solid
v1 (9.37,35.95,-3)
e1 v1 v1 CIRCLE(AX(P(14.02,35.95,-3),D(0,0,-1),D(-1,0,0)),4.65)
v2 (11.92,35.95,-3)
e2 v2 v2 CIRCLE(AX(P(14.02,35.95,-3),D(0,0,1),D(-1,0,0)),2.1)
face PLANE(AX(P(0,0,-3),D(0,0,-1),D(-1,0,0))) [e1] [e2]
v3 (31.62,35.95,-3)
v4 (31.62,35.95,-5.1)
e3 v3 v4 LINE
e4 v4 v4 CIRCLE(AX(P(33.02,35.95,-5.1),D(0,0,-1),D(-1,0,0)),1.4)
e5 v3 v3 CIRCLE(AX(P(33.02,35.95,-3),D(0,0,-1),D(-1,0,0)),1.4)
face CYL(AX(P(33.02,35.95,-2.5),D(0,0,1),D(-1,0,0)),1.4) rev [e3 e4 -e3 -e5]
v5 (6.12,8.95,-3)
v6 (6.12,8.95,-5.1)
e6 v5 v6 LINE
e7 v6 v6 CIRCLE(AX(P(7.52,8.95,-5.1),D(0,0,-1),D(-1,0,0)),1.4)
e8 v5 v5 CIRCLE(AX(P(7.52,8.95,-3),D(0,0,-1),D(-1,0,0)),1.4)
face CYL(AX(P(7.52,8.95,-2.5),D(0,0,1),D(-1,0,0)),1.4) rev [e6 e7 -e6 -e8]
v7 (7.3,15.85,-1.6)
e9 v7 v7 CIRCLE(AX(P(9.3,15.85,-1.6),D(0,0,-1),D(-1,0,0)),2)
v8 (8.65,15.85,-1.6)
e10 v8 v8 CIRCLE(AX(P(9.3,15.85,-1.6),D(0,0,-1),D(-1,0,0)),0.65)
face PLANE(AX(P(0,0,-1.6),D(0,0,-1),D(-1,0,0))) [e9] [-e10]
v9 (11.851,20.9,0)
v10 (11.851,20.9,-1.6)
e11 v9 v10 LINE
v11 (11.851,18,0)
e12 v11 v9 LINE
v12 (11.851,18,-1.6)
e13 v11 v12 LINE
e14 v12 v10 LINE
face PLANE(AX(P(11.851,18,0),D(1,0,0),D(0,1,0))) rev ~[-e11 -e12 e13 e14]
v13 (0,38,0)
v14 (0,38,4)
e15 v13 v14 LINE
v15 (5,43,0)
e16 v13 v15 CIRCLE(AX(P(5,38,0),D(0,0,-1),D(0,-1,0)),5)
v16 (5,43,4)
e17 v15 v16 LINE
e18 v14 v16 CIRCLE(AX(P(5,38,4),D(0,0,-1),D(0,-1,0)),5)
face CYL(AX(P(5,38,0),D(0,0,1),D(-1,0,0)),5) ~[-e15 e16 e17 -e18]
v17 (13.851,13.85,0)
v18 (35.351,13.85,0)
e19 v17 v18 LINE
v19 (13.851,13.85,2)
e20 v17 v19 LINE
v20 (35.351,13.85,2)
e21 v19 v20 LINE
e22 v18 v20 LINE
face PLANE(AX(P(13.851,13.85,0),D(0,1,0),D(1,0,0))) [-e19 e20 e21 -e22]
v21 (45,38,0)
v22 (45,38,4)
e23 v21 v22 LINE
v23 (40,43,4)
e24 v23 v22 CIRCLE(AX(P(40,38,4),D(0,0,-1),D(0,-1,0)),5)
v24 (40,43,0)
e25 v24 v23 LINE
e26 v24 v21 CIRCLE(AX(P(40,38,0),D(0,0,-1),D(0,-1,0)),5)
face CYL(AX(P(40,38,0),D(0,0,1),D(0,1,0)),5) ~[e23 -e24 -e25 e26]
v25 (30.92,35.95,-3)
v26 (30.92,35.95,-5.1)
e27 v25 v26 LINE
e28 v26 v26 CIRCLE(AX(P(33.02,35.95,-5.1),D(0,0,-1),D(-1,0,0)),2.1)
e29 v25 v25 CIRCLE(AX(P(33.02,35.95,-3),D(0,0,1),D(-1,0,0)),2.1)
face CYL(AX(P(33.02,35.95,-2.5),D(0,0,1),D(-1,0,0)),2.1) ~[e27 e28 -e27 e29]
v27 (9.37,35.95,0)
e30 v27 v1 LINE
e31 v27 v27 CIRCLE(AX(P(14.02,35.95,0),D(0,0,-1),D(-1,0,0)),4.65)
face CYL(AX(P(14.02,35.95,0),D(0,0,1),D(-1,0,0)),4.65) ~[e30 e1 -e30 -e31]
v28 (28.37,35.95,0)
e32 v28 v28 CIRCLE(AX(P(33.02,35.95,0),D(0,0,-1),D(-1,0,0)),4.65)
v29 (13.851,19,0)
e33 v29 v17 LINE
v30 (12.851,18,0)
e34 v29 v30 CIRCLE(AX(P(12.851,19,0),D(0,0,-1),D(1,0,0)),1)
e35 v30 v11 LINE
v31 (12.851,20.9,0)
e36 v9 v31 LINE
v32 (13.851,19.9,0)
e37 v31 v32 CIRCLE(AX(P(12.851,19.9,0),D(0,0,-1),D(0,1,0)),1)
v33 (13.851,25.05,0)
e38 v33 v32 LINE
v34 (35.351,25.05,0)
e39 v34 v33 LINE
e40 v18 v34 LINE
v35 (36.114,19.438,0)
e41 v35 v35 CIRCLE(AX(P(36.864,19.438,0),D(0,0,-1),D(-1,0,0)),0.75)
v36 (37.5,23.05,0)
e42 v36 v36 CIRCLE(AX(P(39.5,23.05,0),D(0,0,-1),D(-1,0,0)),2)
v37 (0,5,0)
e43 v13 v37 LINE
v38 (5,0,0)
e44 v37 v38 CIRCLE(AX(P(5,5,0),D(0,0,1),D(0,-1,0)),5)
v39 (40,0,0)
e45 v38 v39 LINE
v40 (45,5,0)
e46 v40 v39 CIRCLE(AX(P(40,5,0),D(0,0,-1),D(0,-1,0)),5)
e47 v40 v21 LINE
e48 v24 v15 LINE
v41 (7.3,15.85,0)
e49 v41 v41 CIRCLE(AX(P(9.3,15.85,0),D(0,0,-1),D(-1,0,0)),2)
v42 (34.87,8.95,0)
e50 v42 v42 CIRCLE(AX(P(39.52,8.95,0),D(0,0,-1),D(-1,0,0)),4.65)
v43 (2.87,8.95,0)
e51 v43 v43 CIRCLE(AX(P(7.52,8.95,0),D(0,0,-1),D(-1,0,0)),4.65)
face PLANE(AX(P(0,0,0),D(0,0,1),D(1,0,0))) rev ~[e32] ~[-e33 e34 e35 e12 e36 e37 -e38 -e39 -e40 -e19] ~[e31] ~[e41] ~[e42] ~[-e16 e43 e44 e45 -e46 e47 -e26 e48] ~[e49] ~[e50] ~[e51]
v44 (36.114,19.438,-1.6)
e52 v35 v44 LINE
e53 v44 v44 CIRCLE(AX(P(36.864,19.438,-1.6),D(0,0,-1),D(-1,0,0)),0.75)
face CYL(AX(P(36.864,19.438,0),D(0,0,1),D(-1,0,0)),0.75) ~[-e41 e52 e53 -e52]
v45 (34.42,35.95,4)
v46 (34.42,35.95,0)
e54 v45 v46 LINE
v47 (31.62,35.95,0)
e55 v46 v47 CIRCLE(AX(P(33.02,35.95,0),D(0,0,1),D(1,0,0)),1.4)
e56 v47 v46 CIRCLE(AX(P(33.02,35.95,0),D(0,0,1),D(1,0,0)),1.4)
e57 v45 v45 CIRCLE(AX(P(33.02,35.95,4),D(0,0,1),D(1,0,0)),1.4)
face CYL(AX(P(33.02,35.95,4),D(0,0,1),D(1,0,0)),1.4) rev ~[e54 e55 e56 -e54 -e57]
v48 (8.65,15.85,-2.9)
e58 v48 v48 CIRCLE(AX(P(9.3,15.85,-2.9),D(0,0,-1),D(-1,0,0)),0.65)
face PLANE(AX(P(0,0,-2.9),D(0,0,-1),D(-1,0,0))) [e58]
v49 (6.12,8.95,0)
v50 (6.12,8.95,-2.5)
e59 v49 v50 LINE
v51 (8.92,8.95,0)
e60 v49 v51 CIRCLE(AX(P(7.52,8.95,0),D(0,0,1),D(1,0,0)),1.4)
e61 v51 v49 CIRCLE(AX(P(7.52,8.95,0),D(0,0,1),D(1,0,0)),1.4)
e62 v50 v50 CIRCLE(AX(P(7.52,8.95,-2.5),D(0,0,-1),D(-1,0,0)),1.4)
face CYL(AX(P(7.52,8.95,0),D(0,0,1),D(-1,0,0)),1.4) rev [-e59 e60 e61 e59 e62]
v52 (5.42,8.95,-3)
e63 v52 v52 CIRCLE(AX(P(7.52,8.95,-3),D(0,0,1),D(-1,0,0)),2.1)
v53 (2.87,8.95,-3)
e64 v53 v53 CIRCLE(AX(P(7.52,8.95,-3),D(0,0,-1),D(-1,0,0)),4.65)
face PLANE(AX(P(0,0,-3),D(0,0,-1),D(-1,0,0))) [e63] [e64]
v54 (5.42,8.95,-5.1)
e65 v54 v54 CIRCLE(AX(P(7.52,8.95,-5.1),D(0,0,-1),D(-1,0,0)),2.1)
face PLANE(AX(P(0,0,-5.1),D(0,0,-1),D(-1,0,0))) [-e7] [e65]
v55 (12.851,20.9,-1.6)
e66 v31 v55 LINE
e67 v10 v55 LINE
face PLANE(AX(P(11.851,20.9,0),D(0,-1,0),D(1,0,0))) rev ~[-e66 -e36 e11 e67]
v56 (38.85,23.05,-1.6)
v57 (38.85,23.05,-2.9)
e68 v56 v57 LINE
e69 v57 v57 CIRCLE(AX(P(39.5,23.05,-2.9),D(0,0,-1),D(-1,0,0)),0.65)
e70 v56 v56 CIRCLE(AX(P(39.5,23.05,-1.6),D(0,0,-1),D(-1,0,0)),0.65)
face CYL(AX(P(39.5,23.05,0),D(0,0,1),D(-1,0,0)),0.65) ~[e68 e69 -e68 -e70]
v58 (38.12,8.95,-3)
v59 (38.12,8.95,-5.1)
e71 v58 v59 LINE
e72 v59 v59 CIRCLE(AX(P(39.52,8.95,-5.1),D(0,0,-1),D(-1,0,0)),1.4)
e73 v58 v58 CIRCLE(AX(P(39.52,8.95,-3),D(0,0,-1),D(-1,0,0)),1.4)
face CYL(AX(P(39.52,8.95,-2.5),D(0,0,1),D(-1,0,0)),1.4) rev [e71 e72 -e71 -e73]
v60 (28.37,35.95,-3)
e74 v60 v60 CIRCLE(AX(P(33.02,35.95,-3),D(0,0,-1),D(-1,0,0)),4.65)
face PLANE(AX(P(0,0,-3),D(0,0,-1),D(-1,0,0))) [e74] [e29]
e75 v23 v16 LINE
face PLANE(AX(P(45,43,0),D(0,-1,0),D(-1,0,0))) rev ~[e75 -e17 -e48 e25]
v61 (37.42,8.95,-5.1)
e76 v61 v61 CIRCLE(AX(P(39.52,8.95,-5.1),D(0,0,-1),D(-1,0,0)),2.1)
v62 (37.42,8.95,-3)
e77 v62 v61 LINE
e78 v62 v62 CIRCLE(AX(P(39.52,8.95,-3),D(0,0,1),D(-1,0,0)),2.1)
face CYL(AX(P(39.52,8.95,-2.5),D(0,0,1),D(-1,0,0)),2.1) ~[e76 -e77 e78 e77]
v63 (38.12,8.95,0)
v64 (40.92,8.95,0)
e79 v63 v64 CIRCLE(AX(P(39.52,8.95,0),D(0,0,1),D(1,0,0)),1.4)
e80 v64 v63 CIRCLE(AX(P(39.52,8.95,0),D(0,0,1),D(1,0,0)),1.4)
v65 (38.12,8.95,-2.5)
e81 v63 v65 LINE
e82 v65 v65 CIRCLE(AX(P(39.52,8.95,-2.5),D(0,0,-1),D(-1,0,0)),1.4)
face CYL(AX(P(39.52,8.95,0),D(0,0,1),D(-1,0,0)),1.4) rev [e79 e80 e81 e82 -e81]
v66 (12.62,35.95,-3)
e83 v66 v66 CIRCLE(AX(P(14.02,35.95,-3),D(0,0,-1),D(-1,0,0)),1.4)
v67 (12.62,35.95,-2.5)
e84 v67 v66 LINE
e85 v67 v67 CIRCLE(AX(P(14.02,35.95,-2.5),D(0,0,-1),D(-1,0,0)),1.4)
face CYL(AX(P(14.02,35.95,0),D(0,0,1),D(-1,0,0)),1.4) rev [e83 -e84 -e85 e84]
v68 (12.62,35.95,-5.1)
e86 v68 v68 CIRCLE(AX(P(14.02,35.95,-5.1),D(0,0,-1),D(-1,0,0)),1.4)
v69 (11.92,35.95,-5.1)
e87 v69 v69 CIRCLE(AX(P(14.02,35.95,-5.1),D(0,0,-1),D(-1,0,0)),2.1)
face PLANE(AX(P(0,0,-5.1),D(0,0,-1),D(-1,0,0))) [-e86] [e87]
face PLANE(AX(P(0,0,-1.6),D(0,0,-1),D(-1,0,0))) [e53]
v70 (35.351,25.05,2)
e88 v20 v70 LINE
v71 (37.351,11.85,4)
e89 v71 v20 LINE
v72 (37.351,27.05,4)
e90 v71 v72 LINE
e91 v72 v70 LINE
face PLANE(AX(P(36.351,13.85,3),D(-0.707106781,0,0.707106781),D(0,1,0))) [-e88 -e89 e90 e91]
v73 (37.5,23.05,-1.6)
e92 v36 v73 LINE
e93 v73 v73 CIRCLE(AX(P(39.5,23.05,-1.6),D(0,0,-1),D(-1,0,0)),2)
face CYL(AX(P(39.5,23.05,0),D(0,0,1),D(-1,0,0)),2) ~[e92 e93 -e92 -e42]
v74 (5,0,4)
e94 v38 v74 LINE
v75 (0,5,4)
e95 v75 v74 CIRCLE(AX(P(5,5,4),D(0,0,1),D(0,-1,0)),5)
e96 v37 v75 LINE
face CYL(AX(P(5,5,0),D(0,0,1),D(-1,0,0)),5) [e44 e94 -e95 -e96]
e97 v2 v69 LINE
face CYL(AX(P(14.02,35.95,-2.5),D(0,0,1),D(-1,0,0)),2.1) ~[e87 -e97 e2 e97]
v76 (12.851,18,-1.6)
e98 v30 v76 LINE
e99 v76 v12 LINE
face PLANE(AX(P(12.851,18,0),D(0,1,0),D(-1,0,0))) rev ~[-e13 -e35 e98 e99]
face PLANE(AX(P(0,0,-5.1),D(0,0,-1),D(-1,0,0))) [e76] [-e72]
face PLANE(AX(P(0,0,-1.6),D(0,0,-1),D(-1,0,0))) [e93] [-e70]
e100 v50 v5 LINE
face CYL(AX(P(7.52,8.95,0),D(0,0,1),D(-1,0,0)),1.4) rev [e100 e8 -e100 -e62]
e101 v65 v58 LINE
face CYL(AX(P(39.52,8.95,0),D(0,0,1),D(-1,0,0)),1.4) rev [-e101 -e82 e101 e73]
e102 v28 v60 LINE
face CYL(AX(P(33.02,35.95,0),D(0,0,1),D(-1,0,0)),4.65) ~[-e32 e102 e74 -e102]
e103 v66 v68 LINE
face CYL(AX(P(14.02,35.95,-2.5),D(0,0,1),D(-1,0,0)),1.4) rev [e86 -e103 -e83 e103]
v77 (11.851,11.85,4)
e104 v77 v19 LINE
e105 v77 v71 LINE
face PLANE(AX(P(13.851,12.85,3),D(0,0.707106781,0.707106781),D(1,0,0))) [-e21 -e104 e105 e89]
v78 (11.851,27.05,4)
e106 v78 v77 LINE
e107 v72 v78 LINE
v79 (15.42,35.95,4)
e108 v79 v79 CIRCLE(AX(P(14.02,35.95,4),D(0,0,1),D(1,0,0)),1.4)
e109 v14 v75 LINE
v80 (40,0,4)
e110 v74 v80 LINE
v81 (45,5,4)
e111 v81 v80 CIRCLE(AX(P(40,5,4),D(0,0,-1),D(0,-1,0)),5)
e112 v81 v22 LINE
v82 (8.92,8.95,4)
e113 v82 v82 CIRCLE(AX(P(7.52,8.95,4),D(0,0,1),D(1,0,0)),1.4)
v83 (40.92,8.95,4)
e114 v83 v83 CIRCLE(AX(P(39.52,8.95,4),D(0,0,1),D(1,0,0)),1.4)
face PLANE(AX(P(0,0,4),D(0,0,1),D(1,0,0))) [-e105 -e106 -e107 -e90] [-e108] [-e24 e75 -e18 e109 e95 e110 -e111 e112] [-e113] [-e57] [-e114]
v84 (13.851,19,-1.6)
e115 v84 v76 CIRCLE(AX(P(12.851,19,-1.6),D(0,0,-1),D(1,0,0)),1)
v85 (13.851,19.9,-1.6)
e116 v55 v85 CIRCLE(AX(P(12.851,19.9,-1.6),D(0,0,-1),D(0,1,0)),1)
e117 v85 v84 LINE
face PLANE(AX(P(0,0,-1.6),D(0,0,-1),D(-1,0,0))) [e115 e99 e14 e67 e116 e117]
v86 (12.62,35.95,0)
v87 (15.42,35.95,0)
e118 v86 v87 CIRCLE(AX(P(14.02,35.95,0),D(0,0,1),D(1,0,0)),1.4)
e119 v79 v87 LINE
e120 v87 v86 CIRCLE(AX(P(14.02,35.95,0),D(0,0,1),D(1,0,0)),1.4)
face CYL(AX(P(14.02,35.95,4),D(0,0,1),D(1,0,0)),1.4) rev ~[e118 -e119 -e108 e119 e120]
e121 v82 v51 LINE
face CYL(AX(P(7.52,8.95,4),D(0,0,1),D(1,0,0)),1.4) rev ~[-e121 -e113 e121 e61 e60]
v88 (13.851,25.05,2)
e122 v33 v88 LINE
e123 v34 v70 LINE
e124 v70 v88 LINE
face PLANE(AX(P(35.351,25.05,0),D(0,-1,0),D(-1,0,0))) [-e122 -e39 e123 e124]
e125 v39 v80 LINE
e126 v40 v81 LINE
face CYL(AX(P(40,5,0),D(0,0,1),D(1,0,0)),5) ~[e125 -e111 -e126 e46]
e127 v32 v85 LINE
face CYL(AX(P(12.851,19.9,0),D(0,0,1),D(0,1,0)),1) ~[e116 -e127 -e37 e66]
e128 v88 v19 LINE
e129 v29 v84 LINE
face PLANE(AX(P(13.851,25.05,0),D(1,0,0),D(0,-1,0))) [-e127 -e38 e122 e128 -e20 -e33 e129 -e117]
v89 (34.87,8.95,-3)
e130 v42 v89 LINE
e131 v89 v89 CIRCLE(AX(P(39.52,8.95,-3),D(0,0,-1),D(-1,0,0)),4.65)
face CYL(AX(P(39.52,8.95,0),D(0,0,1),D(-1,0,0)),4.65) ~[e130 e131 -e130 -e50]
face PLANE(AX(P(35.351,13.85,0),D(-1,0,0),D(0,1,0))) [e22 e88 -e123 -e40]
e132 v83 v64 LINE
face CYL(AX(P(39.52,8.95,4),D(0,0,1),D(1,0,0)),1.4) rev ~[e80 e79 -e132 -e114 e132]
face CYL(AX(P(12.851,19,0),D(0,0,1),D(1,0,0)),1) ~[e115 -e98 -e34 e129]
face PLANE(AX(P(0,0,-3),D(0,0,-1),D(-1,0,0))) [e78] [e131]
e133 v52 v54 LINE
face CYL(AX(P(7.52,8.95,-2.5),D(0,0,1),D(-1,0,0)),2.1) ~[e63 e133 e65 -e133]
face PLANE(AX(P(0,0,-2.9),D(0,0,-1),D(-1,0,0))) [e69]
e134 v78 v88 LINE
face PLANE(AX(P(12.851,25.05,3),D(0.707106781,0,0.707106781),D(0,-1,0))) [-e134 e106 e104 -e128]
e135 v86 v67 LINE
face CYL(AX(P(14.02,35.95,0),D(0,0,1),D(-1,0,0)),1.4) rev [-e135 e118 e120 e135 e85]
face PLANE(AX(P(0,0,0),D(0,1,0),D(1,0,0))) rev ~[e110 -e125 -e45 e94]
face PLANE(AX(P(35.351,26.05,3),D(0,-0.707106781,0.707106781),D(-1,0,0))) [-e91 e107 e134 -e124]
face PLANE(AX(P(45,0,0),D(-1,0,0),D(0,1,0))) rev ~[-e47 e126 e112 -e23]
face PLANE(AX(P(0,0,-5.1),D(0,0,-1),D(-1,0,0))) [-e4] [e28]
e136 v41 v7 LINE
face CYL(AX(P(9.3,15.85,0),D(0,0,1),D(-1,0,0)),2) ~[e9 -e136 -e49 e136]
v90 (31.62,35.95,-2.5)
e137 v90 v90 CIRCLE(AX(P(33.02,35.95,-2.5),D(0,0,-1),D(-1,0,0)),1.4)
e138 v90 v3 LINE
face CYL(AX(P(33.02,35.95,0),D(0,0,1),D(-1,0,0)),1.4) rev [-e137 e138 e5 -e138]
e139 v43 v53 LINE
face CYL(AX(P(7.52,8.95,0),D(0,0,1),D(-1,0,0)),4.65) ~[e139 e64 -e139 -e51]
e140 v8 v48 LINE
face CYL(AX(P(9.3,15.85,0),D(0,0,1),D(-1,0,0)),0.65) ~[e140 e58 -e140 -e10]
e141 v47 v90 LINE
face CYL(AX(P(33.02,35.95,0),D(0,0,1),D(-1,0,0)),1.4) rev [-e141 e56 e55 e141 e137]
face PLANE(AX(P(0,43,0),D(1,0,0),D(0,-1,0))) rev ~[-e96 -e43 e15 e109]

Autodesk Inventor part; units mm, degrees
ref_plane "YZ Plane" through (0, 0, 0) normal (1, 0, 0) x (0, 1, 0)
ref_plane "XZ Plane" through (0, 0, 0) normal (0, 1, 0) x (-1, 0, 0)
ref_plane "XY Plane" through (0, 0, 0) normal (0, 0, 1) x (1, 0, 0)
sketch "Sketch1" plane through (0, 0, 0) normal (0, 0, 1) x (1, 0, 0)
  line L0 (0, 0) -> (45, 0)
  line L1 (45, 0) -> (45, 43)
  line L2 (45, 43) -> (0, 43)
  line L3 (0, 43) -> (0, 0)
  line L4 (13.851, 13.85) -> (35.351, 13.85)
  line L5 (35.351, 13.85) -> (35.351, 25.05)
  line L6 (35.351, 25.05) -> (13.851, 25.05)
  line L7 (13.851, 25.05) -> (13.851, 13.85)
  dimension "d0" = 45
  dimension "d1" = 43
  dimension "d2" = 21.5
  dimension "d3" = 11.2
  dimension "d4" = 9.649
  dimension "d16" = 17.95
extrude "Extrusion1" add sketch "Sketch1" along normal blind 4
fillet "Fillet1" radius 5 4 edges at (45, 43, 2) (45, 0, 2) (0, 43, 2) (0, 0, 2)
ref_plane "Work Plane1" through (0, 0, -2.5) normal (0, 0, -1) x (-1, 0, 0)
sketch "Sketch2" plane through (0, 0, 4) normal (0, 0, 1) x (1, 0, 0)
  circle A0 centre (14.02, 35.95) radius 1.4
  circle A1 centre (33.02, 35.95) radius 1.4
  line L0 (0, 43) -> (0, 0) projected
  line L1 (45, 0) -> (45, 43) projected
  line L2 (45, 43) -> (0, 43) projected
  circle A2 centre (7.52, 8.95) radius 1.4
  circle A3 centre (39.52, 8.95) radius 1.4
  line L3 (13.851, 13.85) -> (13.851, 25.05) projected
  line L4 (35.351, 13.85) -> (13.851, 13.85) projected
  line L5 (13.851, 25.05) -> (35.351, 25.05) projected
  dimension "d8" = 2.8
  dimension "d9" = 2.8
  dimension "d14" = 2.8
  dimension "d15" = 2.8
  dimension "d18" = 32
  dimension "d19" = 6.331
  dimension "d20" = 4.9
  dimension "d22" = 19
  dimension "d23" = 10.9
  dimension "d24" = 10.9
  dimension "d25" = 0.169
  dimension "d28" = 4.9
extrude "Extrusion2" cut sketch "Sketch2" against normal through all
sketch "Sketch3" plane through (0, 0, 0) normal (0, 0, -1) x (-1, 0, 0)
  circle A0 centre (-39.52, 8.95) radius 1.4 projected
  circle A1 centre (-39.52, 8.95) radius 4.65
  circle A2 centre (-33.02, 35.95) radius 1.4 projected
  circle A3 centre (-33.02, 35.95) radius 4.65
  circle A4 centre (-14.02, 35.95) radius 1.4 projected
  circle A5 centre (-14.02, 35.95) radius 4.65
  circle A6 centre (-7.52, 8.95) radius 1.4 projected
  circle A7 centre (-7.52, 8.95) radius 4.65
  circle A8 centre (-39.52, 8.95) radius 1.4
  circle A9 centre (-7.52, 8.95) radius 1.4
  circle A10 centre (-14.02, 35.95) radius 1.4
  circle A11 centre (-33.02, 35.95) radius 1.4
  point P0 (0, 0)
  dimension "d30" = 9.3
  dimension "d31" = 9.3
  dimension "d32" = 9.3
  dimension "d33" = 9.3
sketch "Sketch4" plane through (0, 0, -2.5) normal (0, 0, -1) x (-1, 0, 0)
  circle A0 centre (-39.52, 8.95) radius 1.4 projected
  circle A1 centre (-7.52, 8.95) radius 1.4 projected
  circle A2 centre (-14.02, 35.95) radius 1.4 projected
  circle A3 centre (-33.02, 35.95) radius 1.4 projected
  circle A4 centre (-33.02, 35.95) radius 2.1
  circle A5 centre (-14.02, 35.95) radius 2.1
  circle A6 centre (-7.52, 8.95) radius 2.1
  circle A7 centre (-39.52, 8.95) radius 2.1
  point P0 (0, 0)
  dimension "d35" = 4.2
  dimension "d36" = 4.2
  dimension "d37" = 4.2
  dimension "d38" = 4.2
ref_plane "Work Plane2" through (39.52, 8.95, -2.5) normal (0, 0, -1) x (-1, 0, 0)
ref_plane "Work Plane3" through (7.52, 8.95, -2.5) normal (0, 0, -1) x (-1, 0, 0)
sketch "Sketch6" plane through (7.52, 8.95, -2.5) normal (0, 0, -1) x (-1, 0, 0)
  circle A0 centre (0, 0) radius 1.4 projected
  circle A1 centre (0, 0) radius 2.15 projected
  circle A2 centre (-32, 0) radius 1.4 projected
  circle A3 centre (-32, 0) radius 2.15 projected
  circle A4 centre (-25.5, 27) radius 1.4 projected
  circle A5 centre (-25.5, 27) radius 2.15 projected
  circle A6 centre (-6.5, 27) radius 2.15 projected
  circle A7 centre (-6.5, 27) radius 1.4 projected
  point P0 (7.52, -8.95)
chamfer "Chamfer1" distance 2 angle 45 4 edges at (24.601, 13.85, 4) (35.351, 19.45, 4) (24.601, 25.05, 4) (13.851, 19.45, 4)
sketch "Sketch7" plane through (0, 0, 0) normal (0, 0, -1) x (-1, 0, 0)
  line L0 (-13.851, 13.85) -> (-35.351, 13.85) projected
  line L1 (-13.851, 25.05) -> (-13.851, 13.85) projected
  line L2 (-35.351, 25.05) -> (-13.851, 25.05) projected
  line L3 (-35.351, 13.85) -> (-35.351, 25.05) projected
  line L4 (-12.851, 18) -> (-11.851, 18)
  line L5 (-11.851, 18) -> (-11.851, 20.9)
  line L6 (-11.851, 20.9) -> (-12.851, 20.9)
  line L7 (-13.851, 19.9) -> (-13.851, 19)
  arc A0 (-13.851, 19) -> (-12.851, 18) centre (-12.851, 19) ccw
  arc A1 (-12.851, 20.9) -> (-13.851, 19.9) centre (-12.851, 19.9) ccw
  circle A2 centre (-36.864, 19.438) radius 0.75
  circle A3 centre (-39.5, 23.05) radius 0.65
  circle A4 centre (-9.3, 15.85) radius 0.65
  circle A5 centre (-9.3, 15.85) radius 2
  circle A6 centre (-39.5, 23.05) radius 2
  point P0 (0, 0)
  point P1 (-13.851, 18)
  point P2 (-13.851, 20.9)
  dimension "d70" = 2
  dimension "d71" = 2.9
  dimension "d72" = 4.15
  dimension "d73" = 1
  dimension "d74" = 1.5
  dimension "d75" = 1.513
  dimension "d76" = 5.588
  dimension "d77" = 4.149
  dimension "d78" = 1.3
  dimension "d79" = 2
  dimension "d80" = 1.3
  dimension "d81" = 4.551
  dimension "d82" = 2
  dimension "d87" = 4
  dimension "d88" = 4
extrude "Extrusion5" add sketch "Sketch7" along normal blind 1.6 contours L1 A1 L6 L5 L4 A0 | A2 | A5 | A6
extrude "Extrusion6" add sketch "Sketch7" along normal blind 2.9 contours A3 | A4
extrude "Extrusion7" add sketch "Sketch3" along normal blind 3
extrude "Extrusion9" add sketch "Sketch4" along normal blind 2.6
ref_plane "Work Plane4" through (11.851, 19.45, -3.6) normal (0, 1, 0) x (-1, 0, 0)
ref_plane "Work Plane5" through (24.601, 11.85, -8.75) normal (1, 0, 0) x (0, 1, 0)
properties part number "Cover_new"
